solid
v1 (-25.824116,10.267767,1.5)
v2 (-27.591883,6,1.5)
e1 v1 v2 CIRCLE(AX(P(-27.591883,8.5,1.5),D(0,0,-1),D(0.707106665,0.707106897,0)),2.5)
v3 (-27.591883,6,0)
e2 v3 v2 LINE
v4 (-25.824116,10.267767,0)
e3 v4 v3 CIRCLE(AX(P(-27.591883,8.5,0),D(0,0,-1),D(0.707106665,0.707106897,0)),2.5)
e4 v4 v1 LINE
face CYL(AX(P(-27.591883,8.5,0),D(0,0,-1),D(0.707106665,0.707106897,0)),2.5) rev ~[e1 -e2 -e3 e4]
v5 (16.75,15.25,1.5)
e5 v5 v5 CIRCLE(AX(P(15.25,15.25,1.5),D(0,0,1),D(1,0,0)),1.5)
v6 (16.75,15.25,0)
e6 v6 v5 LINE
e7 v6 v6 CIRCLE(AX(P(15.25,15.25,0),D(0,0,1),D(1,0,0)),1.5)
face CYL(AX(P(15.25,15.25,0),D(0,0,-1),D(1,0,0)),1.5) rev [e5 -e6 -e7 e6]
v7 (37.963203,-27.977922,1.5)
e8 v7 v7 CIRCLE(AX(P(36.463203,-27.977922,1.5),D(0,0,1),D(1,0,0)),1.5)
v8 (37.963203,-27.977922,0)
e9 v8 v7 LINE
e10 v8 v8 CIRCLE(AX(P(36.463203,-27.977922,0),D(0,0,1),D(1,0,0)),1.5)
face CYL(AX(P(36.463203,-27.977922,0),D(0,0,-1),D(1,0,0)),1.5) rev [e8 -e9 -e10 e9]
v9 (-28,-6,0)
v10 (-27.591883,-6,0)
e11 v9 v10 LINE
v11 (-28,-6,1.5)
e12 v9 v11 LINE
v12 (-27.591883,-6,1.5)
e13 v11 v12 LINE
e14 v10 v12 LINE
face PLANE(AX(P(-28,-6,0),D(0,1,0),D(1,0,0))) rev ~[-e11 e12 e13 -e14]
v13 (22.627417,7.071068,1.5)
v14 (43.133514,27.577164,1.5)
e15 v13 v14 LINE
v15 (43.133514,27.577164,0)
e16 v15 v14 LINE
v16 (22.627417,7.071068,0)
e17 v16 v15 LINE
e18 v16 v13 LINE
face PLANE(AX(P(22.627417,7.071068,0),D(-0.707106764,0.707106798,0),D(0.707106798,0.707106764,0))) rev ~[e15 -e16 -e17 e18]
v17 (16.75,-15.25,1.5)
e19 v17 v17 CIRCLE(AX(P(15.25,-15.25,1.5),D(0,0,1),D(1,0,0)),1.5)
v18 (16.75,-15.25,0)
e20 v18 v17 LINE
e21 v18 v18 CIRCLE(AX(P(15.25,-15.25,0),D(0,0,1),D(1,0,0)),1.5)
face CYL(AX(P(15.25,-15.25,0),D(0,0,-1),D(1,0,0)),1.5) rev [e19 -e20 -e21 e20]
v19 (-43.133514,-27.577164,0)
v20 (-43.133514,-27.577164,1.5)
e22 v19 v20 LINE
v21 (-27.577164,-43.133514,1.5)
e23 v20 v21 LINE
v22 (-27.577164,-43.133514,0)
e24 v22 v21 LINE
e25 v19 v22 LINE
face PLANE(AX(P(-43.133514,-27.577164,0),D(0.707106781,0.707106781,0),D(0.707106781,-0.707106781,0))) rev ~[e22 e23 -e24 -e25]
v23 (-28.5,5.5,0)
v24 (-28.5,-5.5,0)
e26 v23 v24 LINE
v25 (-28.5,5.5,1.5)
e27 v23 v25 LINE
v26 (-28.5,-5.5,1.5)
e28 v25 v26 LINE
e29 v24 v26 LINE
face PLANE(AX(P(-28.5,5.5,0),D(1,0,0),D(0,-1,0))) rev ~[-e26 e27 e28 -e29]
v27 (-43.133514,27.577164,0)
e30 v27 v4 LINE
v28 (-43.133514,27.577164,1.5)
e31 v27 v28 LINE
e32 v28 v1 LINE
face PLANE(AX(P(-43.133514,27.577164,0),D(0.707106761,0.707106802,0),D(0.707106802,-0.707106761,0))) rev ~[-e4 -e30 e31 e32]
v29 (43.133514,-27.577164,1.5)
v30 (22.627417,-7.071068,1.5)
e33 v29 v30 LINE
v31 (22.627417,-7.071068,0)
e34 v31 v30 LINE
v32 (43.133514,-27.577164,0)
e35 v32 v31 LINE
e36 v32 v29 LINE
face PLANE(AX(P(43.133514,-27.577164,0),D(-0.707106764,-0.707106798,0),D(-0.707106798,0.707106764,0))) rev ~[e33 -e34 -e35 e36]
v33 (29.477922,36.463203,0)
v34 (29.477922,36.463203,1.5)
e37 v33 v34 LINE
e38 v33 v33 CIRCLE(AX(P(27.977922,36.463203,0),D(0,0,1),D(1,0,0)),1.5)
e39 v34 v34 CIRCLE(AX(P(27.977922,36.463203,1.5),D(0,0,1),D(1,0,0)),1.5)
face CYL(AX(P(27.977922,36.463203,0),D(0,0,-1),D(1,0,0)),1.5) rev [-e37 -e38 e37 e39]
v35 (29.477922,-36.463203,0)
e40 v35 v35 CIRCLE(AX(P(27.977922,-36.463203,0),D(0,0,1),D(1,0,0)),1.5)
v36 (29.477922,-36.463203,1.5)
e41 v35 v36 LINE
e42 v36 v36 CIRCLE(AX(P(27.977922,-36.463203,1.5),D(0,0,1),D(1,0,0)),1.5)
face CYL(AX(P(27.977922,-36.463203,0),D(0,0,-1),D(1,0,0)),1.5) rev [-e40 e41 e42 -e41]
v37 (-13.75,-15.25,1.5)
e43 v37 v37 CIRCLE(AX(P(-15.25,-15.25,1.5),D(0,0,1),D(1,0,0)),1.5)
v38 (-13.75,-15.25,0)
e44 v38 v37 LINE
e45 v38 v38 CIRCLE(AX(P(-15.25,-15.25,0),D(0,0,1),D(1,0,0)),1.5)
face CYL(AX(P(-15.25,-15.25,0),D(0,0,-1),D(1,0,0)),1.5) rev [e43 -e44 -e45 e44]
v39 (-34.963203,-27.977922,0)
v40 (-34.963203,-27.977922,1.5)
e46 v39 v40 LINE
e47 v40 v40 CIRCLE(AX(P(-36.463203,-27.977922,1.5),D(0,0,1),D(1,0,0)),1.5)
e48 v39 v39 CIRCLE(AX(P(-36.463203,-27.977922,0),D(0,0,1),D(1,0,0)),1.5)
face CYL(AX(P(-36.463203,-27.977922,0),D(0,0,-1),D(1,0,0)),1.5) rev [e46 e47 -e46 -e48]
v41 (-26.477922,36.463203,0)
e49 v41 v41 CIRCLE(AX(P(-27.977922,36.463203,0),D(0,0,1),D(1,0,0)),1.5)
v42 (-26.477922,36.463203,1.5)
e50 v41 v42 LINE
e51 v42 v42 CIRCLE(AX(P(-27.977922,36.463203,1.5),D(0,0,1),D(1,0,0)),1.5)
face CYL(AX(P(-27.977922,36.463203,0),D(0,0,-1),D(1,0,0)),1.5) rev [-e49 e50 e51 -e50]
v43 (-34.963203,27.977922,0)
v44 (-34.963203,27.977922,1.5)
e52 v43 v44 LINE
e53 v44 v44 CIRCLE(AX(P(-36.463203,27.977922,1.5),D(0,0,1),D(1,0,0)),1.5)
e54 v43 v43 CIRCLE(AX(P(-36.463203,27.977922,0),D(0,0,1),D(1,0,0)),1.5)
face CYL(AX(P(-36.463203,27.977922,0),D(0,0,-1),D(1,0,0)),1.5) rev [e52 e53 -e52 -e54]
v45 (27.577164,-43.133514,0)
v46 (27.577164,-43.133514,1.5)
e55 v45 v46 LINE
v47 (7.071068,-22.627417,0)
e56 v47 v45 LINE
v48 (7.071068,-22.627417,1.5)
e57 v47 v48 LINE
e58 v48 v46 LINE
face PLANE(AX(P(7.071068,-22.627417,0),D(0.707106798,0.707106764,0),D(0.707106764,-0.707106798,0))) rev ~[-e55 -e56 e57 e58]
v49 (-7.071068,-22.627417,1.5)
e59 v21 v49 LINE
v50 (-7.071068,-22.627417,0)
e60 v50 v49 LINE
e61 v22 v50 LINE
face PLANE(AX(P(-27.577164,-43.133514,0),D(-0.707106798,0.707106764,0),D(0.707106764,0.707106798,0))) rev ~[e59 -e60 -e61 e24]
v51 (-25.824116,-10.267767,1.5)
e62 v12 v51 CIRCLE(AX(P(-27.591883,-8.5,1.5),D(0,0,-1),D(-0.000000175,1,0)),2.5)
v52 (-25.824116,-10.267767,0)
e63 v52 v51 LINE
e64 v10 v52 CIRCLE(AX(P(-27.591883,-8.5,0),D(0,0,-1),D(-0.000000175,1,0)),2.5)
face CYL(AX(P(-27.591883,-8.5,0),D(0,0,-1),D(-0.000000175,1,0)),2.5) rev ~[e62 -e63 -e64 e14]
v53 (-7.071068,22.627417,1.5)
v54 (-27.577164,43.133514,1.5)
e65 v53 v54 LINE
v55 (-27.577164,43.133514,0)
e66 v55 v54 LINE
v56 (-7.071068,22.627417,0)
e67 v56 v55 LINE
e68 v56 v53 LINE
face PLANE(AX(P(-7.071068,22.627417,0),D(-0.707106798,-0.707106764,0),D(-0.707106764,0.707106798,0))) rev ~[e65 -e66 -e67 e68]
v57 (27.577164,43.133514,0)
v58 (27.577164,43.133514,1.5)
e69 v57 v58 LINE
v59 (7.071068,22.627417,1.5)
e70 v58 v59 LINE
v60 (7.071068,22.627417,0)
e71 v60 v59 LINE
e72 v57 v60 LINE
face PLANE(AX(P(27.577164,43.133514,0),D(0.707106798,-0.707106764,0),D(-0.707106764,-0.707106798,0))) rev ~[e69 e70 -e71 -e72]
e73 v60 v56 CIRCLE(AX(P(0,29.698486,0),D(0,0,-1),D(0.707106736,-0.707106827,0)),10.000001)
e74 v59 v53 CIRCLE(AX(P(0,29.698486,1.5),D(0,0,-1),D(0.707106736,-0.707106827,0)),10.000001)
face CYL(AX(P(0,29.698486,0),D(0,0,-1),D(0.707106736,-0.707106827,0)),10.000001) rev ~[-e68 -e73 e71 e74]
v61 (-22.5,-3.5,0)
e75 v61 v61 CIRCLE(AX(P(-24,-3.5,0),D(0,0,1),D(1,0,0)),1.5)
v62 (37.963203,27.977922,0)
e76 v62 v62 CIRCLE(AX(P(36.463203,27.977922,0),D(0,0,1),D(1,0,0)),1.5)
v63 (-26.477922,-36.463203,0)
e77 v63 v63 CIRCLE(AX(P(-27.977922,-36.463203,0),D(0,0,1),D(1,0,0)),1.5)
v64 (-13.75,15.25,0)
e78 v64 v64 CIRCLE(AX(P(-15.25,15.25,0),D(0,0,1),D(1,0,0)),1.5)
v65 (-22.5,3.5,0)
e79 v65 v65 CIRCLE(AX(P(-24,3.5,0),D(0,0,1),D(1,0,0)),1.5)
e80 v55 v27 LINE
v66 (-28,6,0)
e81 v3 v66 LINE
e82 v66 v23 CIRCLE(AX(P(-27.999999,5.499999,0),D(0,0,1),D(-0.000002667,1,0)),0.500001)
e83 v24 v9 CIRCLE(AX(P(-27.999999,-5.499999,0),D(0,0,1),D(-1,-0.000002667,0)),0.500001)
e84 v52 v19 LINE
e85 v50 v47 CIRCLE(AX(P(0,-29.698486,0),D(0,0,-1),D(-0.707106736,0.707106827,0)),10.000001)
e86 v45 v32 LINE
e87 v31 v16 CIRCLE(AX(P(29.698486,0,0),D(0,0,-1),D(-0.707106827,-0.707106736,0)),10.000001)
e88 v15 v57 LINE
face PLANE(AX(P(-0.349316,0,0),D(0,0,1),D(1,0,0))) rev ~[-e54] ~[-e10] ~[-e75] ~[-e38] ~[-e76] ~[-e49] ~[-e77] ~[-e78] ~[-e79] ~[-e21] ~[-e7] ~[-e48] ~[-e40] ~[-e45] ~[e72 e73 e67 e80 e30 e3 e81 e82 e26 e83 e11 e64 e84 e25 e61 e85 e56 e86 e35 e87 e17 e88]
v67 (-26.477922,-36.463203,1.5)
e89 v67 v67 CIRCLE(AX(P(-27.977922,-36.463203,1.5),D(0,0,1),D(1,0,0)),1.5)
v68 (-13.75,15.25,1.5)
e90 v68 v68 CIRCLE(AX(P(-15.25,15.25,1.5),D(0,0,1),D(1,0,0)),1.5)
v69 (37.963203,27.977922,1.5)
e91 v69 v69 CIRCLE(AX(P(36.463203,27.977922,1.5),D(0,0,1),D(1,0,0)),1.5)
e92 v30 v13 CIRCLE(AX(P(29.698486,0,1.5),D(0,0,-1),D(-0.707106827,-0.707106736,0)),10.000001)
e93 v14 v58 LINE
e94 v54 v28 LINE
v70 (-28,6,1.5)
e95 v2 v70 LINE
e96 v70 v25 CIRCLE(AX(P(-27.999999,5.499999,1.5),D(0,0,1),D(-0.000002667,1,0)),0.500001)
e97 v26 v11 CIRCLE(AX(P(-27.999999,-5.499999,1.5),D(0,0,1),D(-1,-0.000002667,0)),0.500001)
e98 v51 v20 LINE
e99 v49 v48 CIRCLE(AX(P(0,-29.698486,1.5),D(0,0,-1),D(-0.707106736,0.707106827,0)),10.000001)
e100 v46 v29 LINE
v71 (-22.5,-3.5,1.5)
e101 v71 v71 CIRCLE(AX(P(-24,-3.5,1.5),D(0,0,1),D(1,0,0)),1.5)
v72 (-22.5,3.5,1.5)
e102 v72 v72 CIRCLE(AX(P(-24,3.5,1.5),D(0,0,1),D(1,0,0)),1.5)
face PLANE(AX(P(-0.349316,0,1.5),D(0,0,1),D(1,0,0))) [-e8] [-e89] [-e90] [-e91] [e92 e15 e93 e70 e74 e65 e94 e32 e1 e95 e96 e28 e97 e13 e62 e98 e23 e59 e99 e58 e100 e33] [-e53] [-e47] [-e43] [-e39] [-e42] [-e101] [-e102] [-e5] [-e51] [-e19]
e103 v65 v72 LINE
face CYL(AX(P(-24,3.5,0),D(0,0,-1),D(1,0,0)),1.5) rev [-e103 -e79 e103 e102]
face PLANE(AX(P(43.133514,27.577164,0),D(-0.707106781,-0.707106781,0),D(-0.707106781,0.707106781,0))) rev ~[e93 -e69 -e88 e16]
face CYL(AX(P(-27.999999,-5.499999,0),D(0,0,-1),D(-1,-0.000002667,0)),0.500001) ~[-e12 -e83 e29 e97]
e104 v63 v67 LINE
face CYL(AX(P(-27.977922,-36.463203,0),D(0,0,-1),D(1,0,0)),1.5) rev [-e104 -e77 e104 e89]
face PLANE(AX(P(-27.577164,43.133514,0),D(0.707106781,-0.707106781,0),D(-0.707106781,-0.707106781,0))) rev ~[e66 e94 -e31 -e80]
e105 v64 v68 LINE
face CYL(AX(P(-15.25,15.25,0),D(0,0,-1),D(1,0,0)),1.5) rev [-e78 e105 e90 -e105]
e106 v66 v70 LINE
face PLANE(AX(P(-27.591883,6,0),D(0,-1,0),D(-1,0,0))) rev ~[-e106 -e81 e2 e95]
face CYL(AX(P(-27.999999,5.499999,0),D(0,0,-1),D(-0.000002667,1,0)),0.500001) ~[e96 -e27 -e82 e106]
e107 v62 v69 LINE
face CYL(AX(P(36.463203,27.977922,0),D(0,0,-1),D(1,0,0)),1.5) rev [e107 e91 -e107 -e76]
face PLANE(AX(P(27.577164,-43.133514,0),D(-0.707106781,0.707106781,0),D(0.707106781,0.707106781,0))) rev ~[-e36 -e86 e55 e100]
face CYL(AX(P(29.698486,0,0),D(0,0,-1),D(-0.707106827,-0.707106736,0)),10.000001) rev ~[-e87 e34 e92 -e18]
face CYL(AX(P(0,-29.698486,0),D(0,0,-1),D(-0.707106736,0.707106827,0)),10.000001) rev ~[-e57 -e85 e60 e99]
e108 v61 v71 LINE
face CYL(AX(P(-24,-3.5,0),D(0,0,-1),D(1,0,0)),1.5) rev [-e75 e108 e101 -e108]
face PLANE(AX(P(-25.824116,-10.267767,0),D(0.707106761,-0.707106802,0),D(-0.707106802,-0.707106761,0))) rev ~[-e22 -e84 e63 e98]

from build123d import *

# Parameters (mm, degrees)
F0_R     = 1.5
F1_DEPTH = 1.5


with BuildPart() as f1:
    # F0 (on Top) → F1 (new body)
    with BuildSketch(Plane.XY):
        with BuildLine():
            Line((-27.577164, 43.133514), (-43.133514, 27.577164))
            Line((-43.133514, 27.577164), (-25.824116, 10.267767))
            ThreePointArc((-25.824116, 10.267767), (-25.282184, 7.543291), (-27.591883, 6))
            Line((-27.591883, 6), (-28, 6))
            ThreePointArc((-28, 6), (-28.353553, 5.853553), (-28.5, 5.5))
            Line((-28.5, 5.5), (-28.5, -5.5))
            ThreePointArc((-28.5, -5.5), (-28.353553, -5.853553), (-28, -6))
            Line((-28, -6), (-27.591883, -6))
            ThreePointArc((-27.591883, -6), (-25.282184, -7.543291), (-25.824116, -10.267767))
            Line((-25.824116, -10.267767), (-43.133514, -27.577164))
            Line((-43.133514, -27.577164), (-27.577164, -43.133514))
            Line((-27.577164, -43.133514), (-7.071068, -22.627417))
            ThreePointArc((-7.071068, -22.627417), (0, -19.698485), (7.071068, -22.627417))
            Line((7.071068, -22.627417), (27.577164, -43.133514))
            Line((27.577164, -43.133514), (43.133514, -27.577164))
            Line((43.133514, -27.577164), (22.627417, -7.071068))
            ThreePointArc((22.627417, -7.071068), (19.698485, 0), (22.627417, 7.071068))
            Line((22.627417, 7.071068), (43.133514, 27.577164))
            Line((43.133514, 27.577164), (27.577164, 43.133514))
            Line((27.577164, 43.133514), (7.071068, 22.627417))
            ThreePointArc((7.071068, 22.627417), (0, 19.698485), (-7.071068, 22.627417))
            Line((-7.071068, 22.627417), (-27.577164, 43.133514))
        make_face()
        with Locations((-27.977922, -36.463203)):
            Circle(F0_R, mode=Mode.SUBTRACT)
        with Locations((-36.463203, -27.977922)):
            Circle(F0_R, mode=Mode.SUBTRACT)
        with Locations((-24, -3.5)):
            Circle(F0_R, mode=Mode.SUBTRACT)
        with Locations((-15.25, -15.25)):
            Circle(F0_R, mode=Mode.SUBTRACT)
        with Locations((27.977922, -36.463203)):
            Circle(F0_R, mode=Mode.SUBTRACT)
        with Locations((36.463203, -27.977922)):
            Circle(F0_R, mode=Mode.SUBTRACT)
        with Locations((15.25, -15.25)):
            Circle(F0_R, mode=Mode.SUBTRACT)
        with Locations((-24, 3.5)):
            Circle(F0_R, mode=Mode.SUBTRACT)
        with Locations((-15.25, 15.25)):
            Circle(F0_R, mode=Mode.SUBTRACT)
        with Locations((-36.463203, 27.977922)):
            Circle(F0_R, mode=Mode.SUBTRACT)
        with Locations((-27.977922, 36.463203)):
            Circle(F0_R, mode=Mode.SUBTRACT)
        with Locations((15.25, 15.25)):
            Circle(F0_R, mode=Mode.SUBTRACT)
        with Locations((36.463203, 27.977922)):
            Circle(F0_R, mode=Mode.SUBTRACT)
        with Locations((27.977922, 36.463203)):
            Circle(F0_R, mode=Mode.SUBTRACT)
    extrude(amount=F1_DEPTH)


solid = f1.part
